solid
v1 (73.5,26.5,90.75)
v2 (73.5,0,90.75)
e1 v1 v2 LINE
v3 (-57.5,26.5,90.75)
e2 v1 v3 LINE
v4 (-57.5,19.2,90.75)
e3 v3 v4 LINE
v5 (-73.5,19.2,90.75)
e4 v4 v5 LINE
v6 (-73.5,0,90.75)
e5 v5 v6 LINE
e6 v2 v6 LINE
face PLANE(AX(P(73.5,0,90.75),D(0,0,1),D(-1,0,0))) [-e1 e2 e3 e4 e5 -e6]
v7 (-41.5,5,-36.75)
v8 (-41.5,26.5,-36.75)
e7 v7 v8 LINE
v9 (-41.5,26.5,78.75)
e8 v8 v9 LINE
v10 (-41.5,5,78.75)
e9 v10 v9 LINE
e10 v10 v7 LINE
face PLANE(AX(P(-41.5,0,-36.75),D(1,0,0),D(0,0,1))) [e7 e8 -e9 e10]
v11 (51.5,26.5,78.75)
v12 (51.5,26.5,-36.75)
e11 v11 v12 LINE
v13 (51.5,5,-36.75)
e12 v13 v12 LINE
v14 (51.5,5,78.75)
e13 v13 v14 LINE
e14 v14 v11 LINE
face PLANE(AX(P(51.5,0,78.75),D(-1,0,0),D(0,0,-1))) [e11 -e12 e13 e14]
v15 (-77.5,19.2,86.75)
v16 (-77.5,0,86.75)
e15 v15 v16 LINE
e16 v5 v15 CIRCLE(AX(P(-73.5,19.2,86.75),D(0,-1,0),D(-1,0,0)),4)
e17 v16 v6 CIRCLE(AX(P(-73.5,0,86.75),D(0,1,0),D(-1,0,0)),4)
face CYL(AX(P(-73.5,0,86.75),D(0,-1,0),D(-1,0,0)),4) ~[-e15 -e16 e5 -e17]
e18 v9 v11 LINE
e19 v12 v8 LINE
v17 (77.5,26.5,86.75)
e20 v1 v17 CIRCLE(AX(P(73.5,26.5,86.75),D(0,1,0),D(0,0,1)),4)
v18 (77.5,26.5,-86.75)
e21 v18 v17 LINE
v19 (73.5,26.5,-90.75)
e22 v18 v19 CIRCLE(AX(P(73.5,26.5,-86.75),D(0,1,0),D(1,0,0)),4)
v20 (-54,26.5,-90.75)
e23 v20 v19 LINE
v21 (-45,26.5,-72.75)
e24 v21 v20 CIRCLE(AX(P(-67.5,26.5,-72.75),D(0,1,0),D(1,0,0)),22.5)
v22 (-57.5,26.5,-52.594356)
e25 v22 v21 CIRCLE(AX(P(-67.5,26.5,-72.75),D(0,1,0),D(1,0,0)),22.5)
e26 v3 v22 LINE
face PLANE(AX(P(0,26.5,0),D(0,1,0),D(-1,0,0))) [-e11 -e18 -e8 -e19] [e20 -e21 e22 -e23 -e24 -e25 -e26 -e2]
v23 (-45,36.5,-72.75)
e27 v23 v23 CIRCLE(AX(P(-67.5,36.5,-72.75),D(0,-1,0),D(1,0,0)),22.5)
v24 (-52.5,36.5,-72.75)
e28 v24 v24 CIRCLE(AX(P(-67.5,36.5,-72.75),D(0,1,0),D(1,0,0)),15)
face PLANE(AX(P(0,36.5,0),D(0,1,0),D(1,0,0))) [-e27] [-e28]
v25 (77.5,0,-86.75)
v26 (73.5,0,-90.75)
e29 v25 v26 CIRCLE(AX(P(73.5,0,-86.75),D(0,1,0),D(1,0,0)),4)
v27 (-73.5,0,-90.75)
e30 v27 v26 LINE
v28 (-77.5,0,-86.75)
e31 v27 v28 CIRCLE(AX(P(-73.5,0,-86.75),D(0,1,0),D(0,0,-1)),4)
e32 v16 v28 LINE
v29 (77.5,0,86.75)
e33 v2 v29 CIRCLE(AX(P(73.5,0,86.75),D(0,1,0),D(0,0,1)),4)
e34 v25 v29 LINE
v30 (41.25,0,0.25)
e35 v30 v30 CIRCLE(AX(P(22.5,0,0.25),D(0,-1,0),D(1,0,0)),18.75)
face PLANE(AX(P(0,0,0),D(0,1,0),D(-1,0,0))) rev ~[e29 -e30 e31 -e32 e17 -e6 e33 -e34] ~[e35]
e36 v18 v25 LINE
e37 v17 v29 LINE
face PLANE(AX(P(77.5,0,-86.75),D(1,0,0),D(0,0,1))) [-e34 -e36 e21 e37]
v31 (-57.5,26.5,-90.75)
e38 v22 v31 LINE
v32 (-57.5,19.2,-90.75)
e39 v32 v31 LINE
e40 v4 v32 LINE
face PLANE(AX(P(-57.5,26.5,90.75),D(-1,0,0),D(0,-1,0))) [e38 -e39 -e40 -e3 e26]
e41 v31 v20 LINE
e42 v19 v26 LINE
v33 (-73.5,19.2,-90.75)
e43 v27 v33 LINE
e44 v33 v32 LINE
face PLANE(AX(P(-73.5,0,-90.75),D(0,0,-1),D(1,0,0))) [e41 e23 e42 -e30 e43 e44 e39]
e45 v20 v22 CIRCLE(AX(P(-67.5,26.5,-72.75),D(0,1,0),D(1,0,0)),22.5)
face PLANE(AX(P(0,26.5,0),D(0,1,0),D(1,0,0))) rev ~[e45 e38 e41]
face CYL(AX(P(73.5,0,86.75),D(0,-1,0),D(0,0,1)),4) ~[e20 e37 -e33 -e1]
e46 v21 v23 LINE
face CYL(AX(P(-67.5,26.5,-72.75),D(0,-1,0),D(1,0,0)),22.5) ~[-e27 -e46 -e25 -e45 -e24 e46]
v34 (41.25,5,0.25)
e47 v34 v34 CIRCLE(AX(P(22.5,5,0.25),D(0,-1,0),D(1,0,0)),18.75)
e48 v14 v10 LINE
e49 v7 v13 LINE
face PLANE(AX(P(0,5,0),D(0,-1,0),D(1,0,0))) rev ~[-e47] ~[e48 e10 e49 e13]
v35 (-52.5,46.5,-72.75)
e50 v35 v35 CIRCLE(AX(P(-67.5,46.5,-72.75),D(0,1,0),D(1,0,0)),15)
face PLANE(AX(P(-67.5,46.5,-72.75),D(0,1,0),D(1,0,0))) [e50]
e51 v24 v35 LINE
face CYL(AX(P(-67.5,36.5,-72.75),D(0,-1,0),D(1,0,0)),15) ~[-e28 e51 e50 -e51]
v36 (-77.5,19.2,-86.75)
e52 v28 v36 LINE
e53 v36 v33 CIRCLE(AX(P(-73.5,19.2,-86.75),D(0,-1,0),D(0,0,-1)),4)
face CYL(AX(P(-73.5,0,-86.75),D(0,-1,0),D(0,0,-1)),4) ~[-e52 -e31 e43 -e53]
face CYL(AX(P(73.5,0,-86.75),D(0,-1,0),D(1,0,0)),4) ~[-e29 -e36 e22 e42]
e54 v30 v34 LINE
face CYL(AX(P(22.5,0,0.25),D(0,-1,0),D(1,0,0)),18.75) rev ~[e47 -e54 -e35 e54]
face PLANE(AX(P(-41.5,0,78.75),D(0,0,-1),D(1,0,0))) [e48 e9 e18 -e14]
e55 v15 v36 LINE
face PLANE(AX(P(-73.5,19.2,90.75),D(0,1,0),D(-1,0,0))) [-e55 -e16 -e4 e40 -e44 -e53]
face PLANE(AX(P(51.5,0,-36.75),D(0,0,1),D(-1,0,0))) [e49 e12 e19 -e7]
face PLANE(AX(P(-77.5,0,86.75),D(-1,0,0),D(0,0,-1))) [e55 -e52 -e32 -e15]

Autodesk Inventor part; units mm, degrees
ref_plane "YZ Plane" through (0, 0, 0) normal (1, 0, 0) x (0, 1, 0)
ref_plane "XZ Plane" through (0, 0, 0) normal (0, 1, 0) x (-1, 0, 0)
ref_plane "XY Plane" through (0, 0, 0) normal (0, 0, 1) x (1, 0, 0)
sketch "Skizze1" plane through (0, 0, 0) normal (0, 1, 0) x (-1, 0, 0)
  line L0 (73.5, -90.75) -> (-73.5, -90.75)
  line L1 (-77.5, -86.75) -> (-77.5, 86.75)
  line L2 (-73.5, 90.75) -> (73.5, 90.75)
  line L3 (77.5, 86.75) -> (77.5, -86.75)
  line L4 (77.5, -90.75) -> (-77.5, 90.75) construction
  line L5 (-77.5, -90.75) -> (77.5, 90.75) construction
  arc A0 (77.5, 86.75) -> (73.5, 90.75) centre (73.5, 86.75) ccw
  arc A1 (73.5, -90.75) -> (77.5, -86.75) centre (73.5, -86.75) ccw
  arc A2 (-77.5, -86.75) -> (-73.5, -90.75) centre (-73.5, -86.75) ccw
  arc A3 (-73.5, 90.75) -> (-77.5, 86.75) centre (-73.5, 86.75) ccw
  line L6 (41.5, 78.75) -> (-51.5, 78.75)
  line L7 (-51.5, 78.75) -> (-51.5, -36.75)
  line L8 (-51.5, -36.75) -> (41.5, -36.75)
  line L9 (41.5, -36.75) -> (41.5, 78.75)
  line L10 (41.5, 78.75) -> (-51.5, -36.75) construction
  line L11 (-51.5, 78.75) -> (41.5, -36.75) construction
  point P0 (0, 0)
  point P1 (-5, 21)
  dimension "d0" = 155
  dimension "d1" = 181.5
  dimension "d2" = 4
  dimension "d3" = 12
  dimension "d4" = 26
  dimension "d5" = 54
  dimension "d6" = 36
extrude "Extrusion1" add sketch "Skizze1" along normal blind 26.5
sketch "Skizze2" plane through (0, 0, 0) normal (0, -1, 0) x (1, 0, 0)
  line L0 (-73.5, 90.75) -> (73.5, 90.75) projected
  arc A0 (-73.5, 90.75) -> (-77.5, 86.75) centre (-73.5, 86.75) ccw projected
  line L1 (-77.5, -86.75) -> (-77.5, 86.75) projected
  arc A1 (-77.5, -86.75) -> (-73.5, -90.75) centre (-73.5, -86.75) ccw projected
  line L2 (73.5, -90.75) -> (-73.5, -90.75) projected
  arc A2 (73.5, -90.75) -> (77.5, -86.75) centre (73.5, -86.75) ccw projected
  line L3 (77.5, 86.75) -> (77.5, -86.75) projected
  arc A3 (77.5, 86.75) -> (73.5, 90.75) centre (73.5, 86.75) ccw projected
  line L4 (-41.5, 78.75) -> (-41.5, -36.75) projected
  line L5 (51.5, 78.75) -> (-41.5, 78.75) projected
  line L6 (51.5, -36.75) -> (51.5, 78.75) projected
  line L7 (-41.5, -36.75) -> (51.5, -36.75) projected
  circle A4 centre (22.5, 0.25) radius 18.75
  point P0 (0, 0)
  dimension "d9" = 37.5
  dimension "d11" = 90.5
  dimension "d14" = 55
extrude "Extrusion2" add sketch "Skizze2" against normal blind 5 contours L0 A3 L3 A2 L2 A1 L1 A0 | L5 L6 L7 L4
sketch "Skizze3" plane through (-73.5, 0, 90.75) normal (0, 0, 1) x (1, 0, 0)
  line L0 (-4, 0) -> (-4, 26.5) projected
  line L1 (0, 0) -> (0, 26.5) projected
  line L2 (-4, 0) -> (-4, 26.5) projected
  line L3 (-4, 26.5) -> (16, 26.5)
  line L4 (16, 26.5) -> (16, 19.2)
  line L5 (16, 19.2) -> (-4, 19.2)
  line L6 (-4, 19.2) -> (-4, 26.5)
  point P0 (73.5, 0)
  point P1 (-4, 19.2)
  dimension "d15" = 7.3
  dimension "d16" = 20
extrude "Extrusion3" cut sketch "Skizze3" against normal through all
sketch "Skizze4" plane through (0, 26.5, 0) normal (0, 1, 0) x (1, 0, 0)
  line L0 (-57.5, 90.75) -> (-57.5, -90.75) projected
  line L1 (-57.5, -90.75) -> (73.5, -90.75) projected
  arc A0 (73.5, -90.75) -> (77.5, -86.75) centre (73.5, -86.75) ccw projected
  line L2 (77.5, -86.75) -> (77.5, 86.75) projected
  arc A1 (77.5, 86.75) -> (73.5, 90.75) centre (73.5, 86.75) ccw projected
  line L3 (73.5, 90.75) -> (-57.5, 90.75) projected
  line L4 (-41.5, -78.75) -> (-41.5, 36.75) projected
  line L5 (-41.5, 36.75) -> (51.5, 36.75) projected
  line L6 (51.5, 36.75) -> (51.5, -78.75) projected
  line L7 (51.5, -78.75) -> (-41.5, -78.75) projected
  arc A2 (-77.5, -86.75) -> (-73.5, -90.75) centre (-73.5, -86.75) ccw projected
  line L8 (-57.5, -90.75) -> (-73.5, -90.75) projected
  line L9 (-57.5, -90.75) -> (-57.5, 90.75) projected
  line L10 (-73.5, 90.75) -> (-57.5, 90.75) projected
  arc A3 (-73.5, 90.75) -> (-77.5, 86.75) centre (-73.5, 86.75) ccw projected
  line L11 (-77.5, -86.75) -> (-77.5, 86.75) projected
  circle A4 centre (-67.5, 72.75) radius 22.5
  point P0 (0, 0)
  dimension "d19" = 45
  dimension "d20" = 10
  dimension "d21" = 18
extrude "Extrusion4" add sketch "Skizze4" along normal blind 10 contours L3 A4 L0 | L10 A3 L11 A4 L3 | L0 A4 L11 A3 L10
sketch "Skizze5" plane through (-67.5, 36.5, -72.75) normal (0, 1, 0) x (1, 0, 0)
  circle A0 centre (0, 0) radius 22.5 projected
  circle A1 centre (0, 0) radius 15
  point P0 (67.5, -72.75)
  dimension "d24" = 30
extrude "Extrusion5" add sketch "Skizze5" along normal blind 10 contours A1
equation "\"Biegeradius\" = Stärke"
equation "\"BreiteBiegungsfreistellung\" = Stärke"
equation "\"TiefeBiegungsfreistellung\" = 0.5 * Stärke"
equation "\"GrößeEckenfreistellung\" = 4 * Stärke"
equation "\"MinimalRest\" = 2 * Stärke"
equation "\"Übergangsradius\" = Biegeradius"
equation "\"JacobiRadiusGröße\" = Biegeradius"
equation "\"Abstandsgröße\" = Stärke"
equation "\"Stärke\" = 0.5"
properties part number "00_XYTable_china_75_55mm"
